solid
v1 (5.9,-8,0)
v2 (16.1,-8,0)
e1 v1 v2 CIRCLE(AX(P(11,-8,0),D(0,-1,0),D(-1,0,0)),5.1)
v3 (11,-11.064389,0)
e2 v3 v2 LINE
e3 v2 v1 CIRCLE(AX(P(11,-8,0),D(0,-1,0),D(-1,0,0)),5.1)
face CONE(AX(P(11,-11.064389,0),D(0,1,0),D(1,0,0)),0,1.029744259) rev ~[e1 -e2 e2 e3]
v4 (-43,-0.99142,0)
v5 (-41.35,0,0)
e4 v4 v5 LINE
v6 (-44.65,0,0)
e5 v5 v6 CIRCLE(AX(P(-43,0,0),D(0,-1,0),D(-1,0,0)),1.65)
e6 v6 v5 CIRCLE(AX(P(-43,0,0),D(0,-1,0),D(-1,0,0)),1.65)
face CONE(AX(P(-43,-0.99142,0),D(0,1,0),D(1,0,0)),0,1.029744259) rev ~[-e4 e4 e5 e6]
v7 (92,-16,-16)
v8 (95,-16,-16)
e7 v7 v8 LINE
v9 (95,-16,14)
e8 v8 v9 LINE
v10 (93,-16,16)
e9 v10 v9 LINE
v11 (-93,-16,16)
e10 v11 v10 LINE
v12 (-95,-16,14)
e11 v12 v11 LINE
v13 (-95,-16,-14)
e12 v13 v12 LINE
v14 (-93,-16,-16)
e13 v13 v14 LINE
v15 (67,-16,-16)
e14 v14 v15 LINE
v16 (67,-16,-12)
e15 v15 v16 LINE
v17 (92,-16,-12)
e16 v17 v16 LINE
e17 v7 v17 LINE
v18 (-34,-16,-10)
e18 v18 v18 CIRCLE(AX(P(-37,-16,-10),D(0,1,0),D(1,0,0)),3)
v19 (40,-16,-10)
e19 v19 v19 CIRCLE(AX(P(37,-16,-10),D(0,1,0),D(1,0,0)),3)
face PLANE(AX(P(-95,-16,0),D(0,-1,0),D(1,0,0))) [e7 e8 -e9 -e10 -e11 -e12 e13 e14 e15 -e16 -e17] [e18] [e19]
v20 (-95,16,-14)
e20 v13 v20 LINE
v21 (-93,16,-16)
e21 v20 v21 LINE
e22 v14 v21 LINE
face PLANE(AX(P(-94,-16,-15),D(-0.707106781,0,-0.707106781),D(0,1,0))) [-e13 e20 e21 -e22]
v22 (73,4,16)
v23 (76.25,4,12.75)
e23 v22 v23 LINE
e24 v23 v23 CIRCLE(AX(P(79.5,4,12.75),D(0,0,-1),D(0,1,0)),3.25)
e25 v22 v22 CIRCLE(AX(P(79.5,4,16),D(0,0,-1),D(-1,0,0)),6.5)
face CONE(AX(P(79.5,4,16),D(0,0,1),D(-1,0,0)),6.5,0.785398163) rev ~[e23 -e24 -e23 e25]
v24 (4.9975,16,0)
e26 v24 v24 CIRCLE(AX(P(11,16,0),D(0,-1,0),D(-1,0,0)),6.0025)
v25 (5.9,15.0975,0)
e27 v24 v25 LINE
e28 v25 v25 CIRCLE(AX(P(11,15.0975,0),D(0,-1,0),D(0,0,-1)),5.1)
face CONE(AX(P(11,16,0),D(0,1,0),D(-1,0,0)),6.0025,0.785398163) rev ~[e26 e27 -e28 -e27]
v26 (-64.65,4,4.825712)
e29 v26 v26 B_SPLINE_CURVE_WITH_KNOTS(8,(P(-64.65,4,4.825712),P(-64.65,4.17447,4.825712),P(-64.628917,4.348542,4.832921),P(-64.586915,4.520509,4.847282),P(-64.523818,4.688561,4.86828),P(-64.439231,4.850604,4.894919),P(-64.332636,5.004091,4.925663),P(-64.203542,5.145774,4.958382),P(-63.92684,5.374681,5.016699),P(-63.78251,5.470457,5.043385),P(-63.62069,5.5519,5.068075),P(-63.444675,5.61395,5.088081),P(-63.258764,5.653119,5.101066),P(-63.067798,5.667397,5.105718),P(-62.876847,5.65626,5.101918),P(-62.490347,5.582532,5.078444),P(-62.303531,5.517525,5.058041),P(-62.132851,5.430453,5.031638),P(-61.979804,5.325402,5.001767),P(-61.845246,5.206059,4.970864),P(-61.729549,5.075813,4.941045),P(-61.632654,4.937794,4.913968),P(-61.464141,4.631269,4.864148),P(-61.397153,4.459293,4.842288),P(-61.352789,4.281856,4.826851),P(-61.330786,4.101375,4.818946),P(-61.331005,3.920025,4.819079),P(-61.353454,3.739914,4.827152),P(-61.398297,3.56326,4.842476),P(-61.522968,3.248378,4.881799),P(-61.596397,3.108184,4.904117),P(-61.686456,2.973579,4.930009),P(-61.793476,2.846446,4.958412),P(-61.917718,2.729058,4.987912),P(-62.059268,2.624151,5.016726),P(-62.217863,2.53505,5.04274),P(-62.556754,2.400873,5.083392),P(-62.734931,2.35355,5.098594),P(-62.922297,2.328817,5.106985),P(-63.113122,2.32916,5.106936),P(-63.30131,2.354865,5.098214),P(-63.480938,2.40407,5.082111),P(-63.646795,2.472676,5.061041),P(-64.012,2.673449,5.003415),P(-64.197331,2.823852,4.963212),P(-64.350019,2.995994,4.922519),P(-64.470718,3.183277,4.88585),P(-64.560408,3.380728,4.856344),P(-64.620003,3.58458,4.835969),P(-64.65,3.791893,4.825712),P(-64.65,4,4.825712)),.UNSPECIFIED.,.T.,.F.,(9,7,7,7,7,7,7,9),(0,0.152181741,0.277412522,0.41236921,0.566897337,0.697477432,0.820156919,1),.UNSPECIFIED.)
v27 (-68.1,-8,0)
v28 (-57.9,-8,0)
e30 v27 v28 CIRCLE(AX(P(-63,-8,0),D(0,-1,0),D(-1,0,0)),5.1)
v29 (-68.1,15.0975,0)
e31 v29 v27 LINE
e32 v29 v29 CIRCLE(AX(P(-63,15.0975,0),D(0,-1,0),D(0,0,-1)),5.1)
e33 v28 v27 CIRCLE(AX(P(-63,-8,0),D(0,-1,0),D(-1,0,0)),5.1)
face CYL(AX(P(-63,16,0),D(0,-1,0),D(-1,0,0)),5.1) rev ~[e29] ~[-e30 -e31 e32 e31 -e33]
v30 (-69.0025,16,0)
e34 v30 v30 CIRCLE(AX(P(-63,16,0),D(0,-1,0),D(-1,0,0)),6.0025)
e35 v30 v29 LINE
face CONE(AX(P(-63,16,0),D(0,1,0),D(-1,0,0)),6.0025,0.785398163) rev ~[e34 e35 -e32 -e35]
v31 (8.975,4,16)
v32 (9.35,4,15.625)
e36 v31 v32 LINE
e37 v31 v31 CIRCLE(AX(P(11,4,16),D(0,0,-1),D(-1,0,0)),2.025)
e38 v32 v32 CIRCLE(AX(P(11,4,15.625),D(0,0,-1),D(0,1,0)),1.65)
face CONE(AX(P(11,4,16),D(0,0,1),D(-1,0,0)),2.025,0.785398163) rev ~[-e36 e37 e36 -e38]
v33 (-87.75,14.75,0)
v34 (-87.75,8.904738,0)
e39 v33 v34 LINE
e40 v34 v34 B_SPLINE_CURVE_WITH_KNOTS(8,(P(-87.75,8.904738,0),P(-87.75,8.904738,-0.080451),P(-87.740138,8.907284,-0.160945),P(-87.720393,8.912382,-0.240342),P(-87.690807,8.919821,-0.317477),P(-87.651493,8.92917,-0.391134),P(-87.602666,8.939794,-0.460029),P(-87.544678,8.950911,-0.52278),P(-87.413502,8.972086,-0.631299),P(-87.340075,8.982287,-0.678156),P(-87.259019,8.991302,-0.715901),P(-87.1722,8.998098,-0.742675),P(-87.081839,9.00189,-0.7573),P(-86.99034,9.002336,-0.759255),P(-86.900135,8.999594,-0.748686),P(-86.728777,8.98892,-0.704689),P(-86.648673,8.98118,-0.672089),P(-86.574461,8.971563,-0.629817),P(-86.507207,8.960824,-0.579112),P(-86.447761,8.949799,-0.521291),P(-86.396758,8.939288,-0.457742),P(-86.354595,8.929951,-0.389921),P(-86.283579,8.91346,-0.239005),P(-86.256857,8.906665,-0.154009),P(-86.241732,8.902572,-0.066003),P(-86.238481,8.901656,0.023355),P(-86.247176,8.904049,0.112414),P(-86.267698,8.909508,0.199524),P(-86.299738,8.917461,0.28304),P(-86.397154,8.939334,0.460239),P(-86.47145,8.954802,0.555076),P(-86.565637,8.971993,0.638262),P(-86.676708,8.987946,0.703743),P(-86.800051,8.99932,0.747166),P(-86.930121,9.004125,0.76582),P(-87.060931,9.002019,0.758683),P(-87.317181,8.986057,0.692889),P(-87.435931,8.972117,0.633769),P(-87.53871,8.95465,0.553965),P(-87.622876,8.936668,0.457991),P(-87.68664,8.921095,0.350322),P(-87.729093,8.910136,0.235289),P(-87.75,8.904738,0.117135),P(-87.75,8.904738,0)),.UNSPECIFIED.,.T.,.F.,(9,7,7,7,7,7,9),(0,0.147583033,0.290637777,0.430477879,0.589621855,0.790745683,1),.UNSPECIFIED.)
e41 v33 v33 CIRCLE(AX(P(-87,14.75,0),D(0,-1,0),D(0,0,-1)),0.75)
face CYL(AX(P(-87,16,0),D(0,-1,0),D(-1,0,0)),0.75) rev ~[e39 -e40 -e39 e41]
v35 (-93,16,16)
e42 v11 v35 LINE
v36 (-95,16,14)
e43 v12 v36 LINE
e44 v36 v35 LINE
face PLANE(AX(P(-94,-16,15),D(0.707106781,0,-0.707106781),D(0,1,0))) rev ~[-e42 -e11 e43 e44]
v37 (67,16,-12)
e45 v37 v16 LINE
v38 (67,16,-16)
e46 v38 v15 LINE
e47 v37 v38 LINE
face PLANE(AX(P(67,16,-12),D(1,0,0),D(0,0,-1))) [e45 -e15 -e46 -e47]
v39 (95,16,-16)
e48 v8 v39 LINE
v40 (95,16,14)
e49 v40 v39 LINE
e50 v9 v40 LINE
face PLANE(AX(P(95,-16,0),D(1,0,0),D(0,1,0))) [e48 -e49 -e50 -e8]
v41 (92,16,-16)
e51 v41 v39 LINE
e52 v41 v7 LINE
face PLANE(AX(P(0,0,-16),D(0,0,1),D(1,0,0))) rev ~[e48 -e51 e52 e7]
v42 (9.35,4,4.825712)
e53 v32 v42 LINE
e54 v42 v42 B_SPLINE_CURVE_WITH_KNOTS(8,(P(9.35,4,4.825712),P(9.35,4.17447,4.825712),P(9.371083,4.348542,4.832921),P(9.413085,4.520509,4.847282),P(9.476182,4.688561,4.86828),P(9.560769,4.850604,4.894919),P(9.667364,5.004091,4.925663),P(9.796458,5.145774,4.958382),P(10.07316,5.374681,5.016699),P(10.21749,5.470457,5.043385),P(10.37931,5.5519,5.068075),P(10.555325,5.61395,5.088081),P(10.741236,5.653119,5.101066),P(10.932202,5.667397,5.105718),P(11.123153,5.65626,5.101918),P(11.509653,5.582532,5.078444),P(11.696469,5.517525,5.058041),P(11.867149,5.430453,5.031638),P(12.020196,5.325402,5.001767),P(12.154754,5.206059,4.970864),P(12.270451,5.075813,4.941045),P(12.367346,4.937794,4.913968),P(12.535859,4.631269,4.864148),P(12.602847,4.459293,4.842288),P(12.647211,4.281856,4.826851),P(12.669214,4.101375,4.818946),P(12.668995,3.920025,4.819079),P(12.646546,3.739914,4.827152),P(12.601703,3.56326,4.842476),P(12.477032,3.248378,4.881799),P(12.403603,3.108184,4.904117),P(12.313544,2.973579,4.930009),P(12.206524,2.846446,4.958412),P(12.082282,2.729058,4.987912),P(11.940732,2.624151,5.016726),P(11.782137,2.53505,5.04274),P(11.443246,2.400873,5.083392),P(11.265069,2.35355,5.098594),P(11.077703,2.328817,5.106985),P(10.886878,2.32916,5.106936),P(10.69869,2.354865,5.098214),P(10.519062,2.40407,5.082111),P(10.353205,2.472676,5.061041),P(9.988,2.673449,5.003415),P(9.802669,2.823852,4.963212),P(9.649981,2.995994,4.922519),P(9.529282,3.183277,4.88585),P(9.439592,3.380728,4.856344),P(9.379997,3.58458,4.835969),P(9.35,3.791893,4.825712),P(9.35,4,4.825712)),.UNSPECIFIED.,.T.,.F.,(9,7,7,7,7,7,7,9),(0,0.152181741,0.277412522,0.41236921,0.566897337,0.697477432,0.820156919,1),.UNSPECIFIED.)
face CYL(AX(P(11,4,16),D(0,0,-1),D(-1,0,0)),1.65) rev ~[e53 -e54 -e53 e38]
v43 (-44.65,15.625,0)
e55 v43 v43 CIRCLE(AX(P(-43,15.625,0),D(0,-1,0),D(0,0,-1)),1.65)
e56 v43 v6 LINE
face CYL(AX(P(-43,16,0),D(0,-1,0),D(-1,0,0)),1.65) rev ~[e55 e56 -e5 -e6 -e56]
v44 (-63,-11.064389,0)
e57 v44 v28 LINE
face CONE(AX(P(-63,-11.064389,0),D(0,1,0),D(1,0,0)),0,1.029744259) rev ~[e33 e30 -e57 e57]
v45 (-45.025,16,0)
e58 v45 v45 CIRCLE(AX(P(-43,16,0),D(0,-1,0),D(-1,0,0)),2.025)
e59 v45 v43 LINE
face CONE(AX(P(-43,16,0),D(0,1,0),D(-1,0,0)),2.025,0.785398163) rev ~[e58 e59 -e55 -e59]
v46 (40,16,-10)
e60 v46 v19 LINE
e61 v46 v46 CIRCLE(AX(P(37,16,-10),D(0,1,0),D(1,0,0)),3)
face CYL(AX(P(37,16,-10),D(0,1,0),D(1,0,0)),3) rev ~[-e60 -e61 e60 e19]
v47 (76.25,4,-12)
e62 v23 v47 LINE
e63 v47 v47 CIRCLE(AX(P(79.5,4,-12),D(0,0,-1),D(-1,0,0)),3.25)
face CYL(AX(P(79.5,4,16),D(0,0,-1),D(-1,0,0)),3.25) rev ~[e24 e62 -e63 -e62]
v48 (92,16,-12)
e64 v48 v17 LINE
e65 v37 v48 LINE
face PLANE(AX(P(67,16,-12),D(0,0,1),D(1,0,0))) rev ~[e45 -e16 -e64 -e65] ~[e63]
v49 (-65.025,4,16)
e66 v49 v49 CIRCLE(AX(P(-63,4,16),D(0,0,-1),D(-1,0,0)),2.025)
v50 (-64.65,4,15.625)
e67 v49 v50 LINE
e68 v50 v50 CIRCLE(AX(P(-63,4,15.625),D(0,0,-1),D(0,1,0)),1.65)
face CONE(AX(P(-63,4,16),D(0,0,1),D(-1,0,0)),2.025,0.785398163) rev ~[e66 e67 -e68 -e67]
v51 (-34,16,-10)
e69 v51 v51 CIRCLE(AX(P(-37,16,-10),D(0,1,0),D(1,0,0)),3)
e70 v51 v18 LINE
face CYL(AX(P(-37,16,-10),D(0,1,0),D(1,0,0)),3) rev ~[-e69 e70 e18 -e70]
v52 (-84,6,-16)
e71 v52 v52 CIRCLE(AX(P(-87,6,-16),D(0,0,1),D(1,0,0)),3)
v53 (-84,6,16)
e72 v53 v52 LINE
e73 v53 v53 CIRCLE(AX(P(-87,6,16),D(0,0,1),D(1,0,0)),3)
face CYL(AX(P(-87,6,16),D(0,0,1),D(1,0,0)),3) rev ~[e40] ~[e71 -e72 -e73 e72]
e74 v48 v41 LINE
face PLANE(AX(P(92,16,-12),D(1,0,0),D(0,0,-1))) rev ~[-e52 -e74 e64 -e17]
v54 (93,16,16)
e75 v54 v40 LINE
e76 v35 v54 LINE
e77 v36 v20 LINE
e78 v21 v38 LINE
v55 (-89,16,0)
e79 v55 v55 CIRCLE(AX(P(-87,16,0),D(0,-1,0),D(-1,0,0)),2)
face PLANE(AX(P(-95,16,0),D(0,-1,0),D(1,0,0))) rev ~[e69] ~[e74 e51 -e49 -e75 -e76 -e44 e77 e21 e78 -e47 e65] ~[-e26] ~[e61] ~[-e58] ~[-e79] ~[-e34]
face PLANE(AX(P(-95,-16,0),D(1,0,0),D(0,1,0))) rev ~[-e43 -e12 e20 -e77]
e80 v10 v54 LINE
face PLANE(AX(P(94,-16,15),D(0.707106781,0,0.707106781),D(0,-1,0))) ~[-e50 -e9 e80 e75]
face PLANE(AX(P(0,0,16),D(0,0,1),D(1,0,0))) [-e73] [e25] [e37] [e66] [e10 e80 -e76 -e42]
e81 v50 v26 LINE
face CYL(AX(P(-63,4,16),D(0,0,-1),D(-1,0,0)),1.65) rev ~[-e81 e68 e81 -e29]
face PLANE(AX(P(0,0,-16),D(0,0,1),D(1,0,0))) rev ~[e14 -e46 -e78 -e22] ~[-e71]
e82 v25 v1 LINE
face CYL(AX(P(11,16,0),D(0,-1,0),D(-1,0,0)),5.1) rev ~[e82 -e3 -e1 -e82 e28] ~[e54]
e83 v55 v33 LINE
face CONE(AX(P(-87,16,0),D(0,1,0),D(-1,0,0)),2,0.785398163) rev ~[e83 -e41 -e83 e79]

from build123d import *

# Parameters (mm, degrees)
SKETCH1_W                                            = 190
SKETCH1_H                                            = 32
BOSS_EXTRUDE1_DEPTH                                  = 16
CHAMFER1_SIZE                                        = 2
SKETCH2_W                                            = 25
SKETCH2_H                                            = 4
CUT_EXTRUDE1_DEPTH                                   = 33
M12_TAPPED_HOLE1_D                                   = 10.2
M12_TAPPED_HOLE1_DEPTH                               = 24
M12_TAPPED_HOLE1_CSINK_D                             = 12.005
M12_TAPPED_HOLE1_CSINK_ANGLE                         = 90
M12_TAPPED_HOLE1_TIP                                 = 3.064389157
M4_TAPPED_HOLE2_D                                    = 3.3
M4_TAPPED_HOLE2_DEPTH                                = 11.5
M4_TAPPED_HOLE2_CSINK_D                              = 4.05
M4_TAPPED_HOLE2_CSINK_ANGLE                          = 90
M4_TAPPED_HOLE2_TIP                                  = 0.991420021
CSK_FOR_M10_COUNTERSUNK_FLAT_HEAD_SCREW1_D           = 6.5
CSK_FOR_M10_COUNTERSUNK_FLAT_HEAD_SCREW1_CSINK_D     = 13
CSK_FOR_M10_COUNTERSUNK_FLAT_HEAD_SCREW1_CSINK_ANGLE = 90
SKETCH16_R                                           = 3
CUT_EXTRUDE2_DEPTH                                   = 33
CSK_FOR_M4_COUNTERSUNK_FLAT_HEAD_SCREW1_D            = 1.5
CSK_FOR_M4_COUNTERSUNK_FLAT_HEAD_SCREW1_DEPTH        = 10
CSK_FOR_M4_COUNTERSUNK_FLAT_HEAD_SCREW1_CSINK_D      = 4
CSK_FOR_M4_COUNTERSUNK_FLAT_HEAD_SCREW1_CSINK_ANGLE  = 90
CSK_FOR_M4_COUNTERSUNK_FLAT_HEAD_SCREW1_TIP          = 0.450645464
M4_TAPPED_HOLE3_D                                    = 3.3
M4_TAPPED_HOLE3_DEPTH                                = 16
M4_TAPPED_HOLE3_CSINK_D                              = 4.05
M4_TAPPED_HOLE3_CSINK_ANGLE                          = 90
M4_TAPPED_HOLE3_TIP                                  = 0.991420021
SKETCH24_R                                           = 3
CUT_EXTRUDE4_DEPTH                                   = 33


with BuildPart() as part:
    # Sketch1 → Boss-Extrude1 (new body, symmetric)
    with BuildSketch(Plane.XY):
        Rectangle(SKETCH1_W, SKETCH1_H)
    extrude(amount=BOSS_EXTRUDE1_DEPTH, both=True)

    # Chamfer1
    chamfer1_edges = [part.edges().sort_by_distance(p)[0] for p in [
        (-95, 0, 16),
        (95, 0, 16),
        (-95, 0, -16),
    ]]
    chamfer(chamfer1_edges, length=CHAMFER1_SIZE)

    # Sketch2 → Cut-Extrude1 (cut, through all)
    with BuildSketch(Plane(origin=(0, 16, 0), x_dir=(1, 0, 0), z_dir=(0, 1, 0))):
        with Locations((79.5, 14)):
            Rectangle(SKETCH2_W, SKETCH2_H)
    extrude(amount=-CUT_EXTRUDE1_DEPTH, mode=Mode.SUBTRACT)

    # M12 Tapped Hole1
    with Locations(Plane(origin=(0, 16, 0), x_dir=(1, 0, 0), z_dir=(0, 1, 0))):
        with Locations((-63, 0), (11, 0)):
            CounterSinkHole(M12_TAPPED_HOLE1_D / 2, M12_TAPPED_HOLE1_CSINK_D / 2, depth=M12_TAPPED_HOLE1_DEPTH, counter_sink_angle=M12_TAPPED_HOLE1_CSINK_ANGLE)
            with Locations((0, 0, -(M12_TAPPED_HOLE1_DEPTH + M12_TAPPED_HOLE1_TIP / 2))):  # 118° drill point
                Cone(0, M12_TAPPED_HOLE1_D / 2, M12_TAPPED_HOLE1_TIP, mode=Mode.SUBTRACT)

    # M4 Tapped Hole2
    with Locations(Plane(origin=(-63, 4, 16), x_dir=(1, 0, 0), z_dir=(0, 0, 1))):
        with Locations((0, 0), (74, 0)):
            CounterSinkHole(M4_TAPPED_HOLE2_D / 2, M4_TAPPED_HOLE2_CSINK_D / 2, depth=M4_TAPPED_HOLE2_DEPTH, counter_sink_angle=M4_TAPPED_HOLE2_CSINK_ANGLE)
            with Locations((0, 0, -(M4_TAPPED_HOLE2_DEPTH + M4_TAPPED_HOLE2_TIP / 2))):  # 118° drill point
                Cone(0, M4_TAPPED_HOLE2_D / 2, M4_TAPPED_HOLE2_TIP, mode=Mode.SUBTRACT)

    # CSK for M10 Countersunk Flat Head Screw1 (through all)
    with Locations(Plane.XY.offset(16)):
        with Locations((79.5, 4)):
            CounterSinkHole(CSK_FOR_M10_COUNTERSUNK_FLAT_HEAD_SCREW1_D / 2, CSK_FOR_M10_COUNTERSUNK_FLAT_HEAD_SCREW1_CSINK_D / 2, counter_sink_angle=CSK_FOR_M10_COUNTERSUNK_FLAT_HEAD_SCREW1_CSINK_ANGLE)

    # Sketch16 → Cut-Extrude2 (cut, through all)
    with BuildSketch(Plane.XY.offset(16)):
        with Locations((-87, 6)):
            Circle(SKETCH16_R)
    extrude(amount=-CUT_EXTRUDE2_DEPTH, mode=Mode.SUBTRACT)

    # CSK for M4 Countersunk Flat Head Screw1
    with Locations(Plane(origin=(0, 16, 0), x_dir=(1, 0, 0), z_dir=(0, 1, 0))):
        with Locations((-87, 0)):
            CounterSinkHole(CSK_FOR_M4_COUNTERSUNK_FLAT_HEAD_SCREW1_D / 2, CSK_FOR_M4_COUNTERSUNK_FLAT_HEAD_SCREW1_CSINK_D / 2, depth=CSK_FOR_M4_COUNTERSUNK_FLAT_HEAD_SCREW1_DEPTH, counter_sink_angle=CSK_FOR_M4_COUNTERSUNK_FLAT_HEAD_SCREW1_CSINK_ANGLE)
            with Locations((0, 0, -(CSK_FOR_M4_COUNTERSUNK_FLAT_HEAD_SCREW1_DEPTH + CSK_FOR_M4_COUNTERSUNK_FLAT_HEAD_SCREW1_TIP / 2))):  # 118° drill point
                Cone(0, CSK_FOR_M4_COUNTERSUNK_FLAT_HEAD_SCREW1_D / 2, CSK_FOR_M4_COUNTERSUNK_FLAT_HEAD_SCREW1_TIP, mode=Mode.SUBTRACT)

    # M4 Tapped Hole3
    with Locations(Plane(origin=(0, 16, 0), x_dir=(1, 0, 0), z_dir=(0, 1, 0))):
        with Locations((-43, 0)):
            CounterSinkHole(M4_TAPPED_HOLE3_D / 2, M4_TAPPED_HOLE3_CSINK_D / 2, depth=M4_TAPPED_HOLE3_DEPTH, counter_sink_angle=M4_TAPPED_HOLE3_CSINK_ANGLE)
            with Locations((0, 0, -(M4_TAPPED_HOLE3_DEPTH + M4_TAPPED_HOLE3_TIP / 2))):  # 118° drill point
                Cone(0, M4_TAPPED_HOLE3_D / 2, M4_TAPPED_HOLE3_TIP, mode=Mode.SUBTRACT)

    # Sketch24 → Cut-Extrude4 (cut, through all)
    with BuildSketch(Plane(origin=(0, 16, 0), x_dir=(1, 0, 0), z_dir=(0, 1, 0))):
        with Locations((-37, 10)):
            Circle(SKETCH24_R)
        with Locations((37, 10)):
            Circle(SKETCH24_R)
    extrude(amount=-CUT_EXTRUDE4_DEPTH, mode=Mode.SUBTRACT)


solid = part.part
